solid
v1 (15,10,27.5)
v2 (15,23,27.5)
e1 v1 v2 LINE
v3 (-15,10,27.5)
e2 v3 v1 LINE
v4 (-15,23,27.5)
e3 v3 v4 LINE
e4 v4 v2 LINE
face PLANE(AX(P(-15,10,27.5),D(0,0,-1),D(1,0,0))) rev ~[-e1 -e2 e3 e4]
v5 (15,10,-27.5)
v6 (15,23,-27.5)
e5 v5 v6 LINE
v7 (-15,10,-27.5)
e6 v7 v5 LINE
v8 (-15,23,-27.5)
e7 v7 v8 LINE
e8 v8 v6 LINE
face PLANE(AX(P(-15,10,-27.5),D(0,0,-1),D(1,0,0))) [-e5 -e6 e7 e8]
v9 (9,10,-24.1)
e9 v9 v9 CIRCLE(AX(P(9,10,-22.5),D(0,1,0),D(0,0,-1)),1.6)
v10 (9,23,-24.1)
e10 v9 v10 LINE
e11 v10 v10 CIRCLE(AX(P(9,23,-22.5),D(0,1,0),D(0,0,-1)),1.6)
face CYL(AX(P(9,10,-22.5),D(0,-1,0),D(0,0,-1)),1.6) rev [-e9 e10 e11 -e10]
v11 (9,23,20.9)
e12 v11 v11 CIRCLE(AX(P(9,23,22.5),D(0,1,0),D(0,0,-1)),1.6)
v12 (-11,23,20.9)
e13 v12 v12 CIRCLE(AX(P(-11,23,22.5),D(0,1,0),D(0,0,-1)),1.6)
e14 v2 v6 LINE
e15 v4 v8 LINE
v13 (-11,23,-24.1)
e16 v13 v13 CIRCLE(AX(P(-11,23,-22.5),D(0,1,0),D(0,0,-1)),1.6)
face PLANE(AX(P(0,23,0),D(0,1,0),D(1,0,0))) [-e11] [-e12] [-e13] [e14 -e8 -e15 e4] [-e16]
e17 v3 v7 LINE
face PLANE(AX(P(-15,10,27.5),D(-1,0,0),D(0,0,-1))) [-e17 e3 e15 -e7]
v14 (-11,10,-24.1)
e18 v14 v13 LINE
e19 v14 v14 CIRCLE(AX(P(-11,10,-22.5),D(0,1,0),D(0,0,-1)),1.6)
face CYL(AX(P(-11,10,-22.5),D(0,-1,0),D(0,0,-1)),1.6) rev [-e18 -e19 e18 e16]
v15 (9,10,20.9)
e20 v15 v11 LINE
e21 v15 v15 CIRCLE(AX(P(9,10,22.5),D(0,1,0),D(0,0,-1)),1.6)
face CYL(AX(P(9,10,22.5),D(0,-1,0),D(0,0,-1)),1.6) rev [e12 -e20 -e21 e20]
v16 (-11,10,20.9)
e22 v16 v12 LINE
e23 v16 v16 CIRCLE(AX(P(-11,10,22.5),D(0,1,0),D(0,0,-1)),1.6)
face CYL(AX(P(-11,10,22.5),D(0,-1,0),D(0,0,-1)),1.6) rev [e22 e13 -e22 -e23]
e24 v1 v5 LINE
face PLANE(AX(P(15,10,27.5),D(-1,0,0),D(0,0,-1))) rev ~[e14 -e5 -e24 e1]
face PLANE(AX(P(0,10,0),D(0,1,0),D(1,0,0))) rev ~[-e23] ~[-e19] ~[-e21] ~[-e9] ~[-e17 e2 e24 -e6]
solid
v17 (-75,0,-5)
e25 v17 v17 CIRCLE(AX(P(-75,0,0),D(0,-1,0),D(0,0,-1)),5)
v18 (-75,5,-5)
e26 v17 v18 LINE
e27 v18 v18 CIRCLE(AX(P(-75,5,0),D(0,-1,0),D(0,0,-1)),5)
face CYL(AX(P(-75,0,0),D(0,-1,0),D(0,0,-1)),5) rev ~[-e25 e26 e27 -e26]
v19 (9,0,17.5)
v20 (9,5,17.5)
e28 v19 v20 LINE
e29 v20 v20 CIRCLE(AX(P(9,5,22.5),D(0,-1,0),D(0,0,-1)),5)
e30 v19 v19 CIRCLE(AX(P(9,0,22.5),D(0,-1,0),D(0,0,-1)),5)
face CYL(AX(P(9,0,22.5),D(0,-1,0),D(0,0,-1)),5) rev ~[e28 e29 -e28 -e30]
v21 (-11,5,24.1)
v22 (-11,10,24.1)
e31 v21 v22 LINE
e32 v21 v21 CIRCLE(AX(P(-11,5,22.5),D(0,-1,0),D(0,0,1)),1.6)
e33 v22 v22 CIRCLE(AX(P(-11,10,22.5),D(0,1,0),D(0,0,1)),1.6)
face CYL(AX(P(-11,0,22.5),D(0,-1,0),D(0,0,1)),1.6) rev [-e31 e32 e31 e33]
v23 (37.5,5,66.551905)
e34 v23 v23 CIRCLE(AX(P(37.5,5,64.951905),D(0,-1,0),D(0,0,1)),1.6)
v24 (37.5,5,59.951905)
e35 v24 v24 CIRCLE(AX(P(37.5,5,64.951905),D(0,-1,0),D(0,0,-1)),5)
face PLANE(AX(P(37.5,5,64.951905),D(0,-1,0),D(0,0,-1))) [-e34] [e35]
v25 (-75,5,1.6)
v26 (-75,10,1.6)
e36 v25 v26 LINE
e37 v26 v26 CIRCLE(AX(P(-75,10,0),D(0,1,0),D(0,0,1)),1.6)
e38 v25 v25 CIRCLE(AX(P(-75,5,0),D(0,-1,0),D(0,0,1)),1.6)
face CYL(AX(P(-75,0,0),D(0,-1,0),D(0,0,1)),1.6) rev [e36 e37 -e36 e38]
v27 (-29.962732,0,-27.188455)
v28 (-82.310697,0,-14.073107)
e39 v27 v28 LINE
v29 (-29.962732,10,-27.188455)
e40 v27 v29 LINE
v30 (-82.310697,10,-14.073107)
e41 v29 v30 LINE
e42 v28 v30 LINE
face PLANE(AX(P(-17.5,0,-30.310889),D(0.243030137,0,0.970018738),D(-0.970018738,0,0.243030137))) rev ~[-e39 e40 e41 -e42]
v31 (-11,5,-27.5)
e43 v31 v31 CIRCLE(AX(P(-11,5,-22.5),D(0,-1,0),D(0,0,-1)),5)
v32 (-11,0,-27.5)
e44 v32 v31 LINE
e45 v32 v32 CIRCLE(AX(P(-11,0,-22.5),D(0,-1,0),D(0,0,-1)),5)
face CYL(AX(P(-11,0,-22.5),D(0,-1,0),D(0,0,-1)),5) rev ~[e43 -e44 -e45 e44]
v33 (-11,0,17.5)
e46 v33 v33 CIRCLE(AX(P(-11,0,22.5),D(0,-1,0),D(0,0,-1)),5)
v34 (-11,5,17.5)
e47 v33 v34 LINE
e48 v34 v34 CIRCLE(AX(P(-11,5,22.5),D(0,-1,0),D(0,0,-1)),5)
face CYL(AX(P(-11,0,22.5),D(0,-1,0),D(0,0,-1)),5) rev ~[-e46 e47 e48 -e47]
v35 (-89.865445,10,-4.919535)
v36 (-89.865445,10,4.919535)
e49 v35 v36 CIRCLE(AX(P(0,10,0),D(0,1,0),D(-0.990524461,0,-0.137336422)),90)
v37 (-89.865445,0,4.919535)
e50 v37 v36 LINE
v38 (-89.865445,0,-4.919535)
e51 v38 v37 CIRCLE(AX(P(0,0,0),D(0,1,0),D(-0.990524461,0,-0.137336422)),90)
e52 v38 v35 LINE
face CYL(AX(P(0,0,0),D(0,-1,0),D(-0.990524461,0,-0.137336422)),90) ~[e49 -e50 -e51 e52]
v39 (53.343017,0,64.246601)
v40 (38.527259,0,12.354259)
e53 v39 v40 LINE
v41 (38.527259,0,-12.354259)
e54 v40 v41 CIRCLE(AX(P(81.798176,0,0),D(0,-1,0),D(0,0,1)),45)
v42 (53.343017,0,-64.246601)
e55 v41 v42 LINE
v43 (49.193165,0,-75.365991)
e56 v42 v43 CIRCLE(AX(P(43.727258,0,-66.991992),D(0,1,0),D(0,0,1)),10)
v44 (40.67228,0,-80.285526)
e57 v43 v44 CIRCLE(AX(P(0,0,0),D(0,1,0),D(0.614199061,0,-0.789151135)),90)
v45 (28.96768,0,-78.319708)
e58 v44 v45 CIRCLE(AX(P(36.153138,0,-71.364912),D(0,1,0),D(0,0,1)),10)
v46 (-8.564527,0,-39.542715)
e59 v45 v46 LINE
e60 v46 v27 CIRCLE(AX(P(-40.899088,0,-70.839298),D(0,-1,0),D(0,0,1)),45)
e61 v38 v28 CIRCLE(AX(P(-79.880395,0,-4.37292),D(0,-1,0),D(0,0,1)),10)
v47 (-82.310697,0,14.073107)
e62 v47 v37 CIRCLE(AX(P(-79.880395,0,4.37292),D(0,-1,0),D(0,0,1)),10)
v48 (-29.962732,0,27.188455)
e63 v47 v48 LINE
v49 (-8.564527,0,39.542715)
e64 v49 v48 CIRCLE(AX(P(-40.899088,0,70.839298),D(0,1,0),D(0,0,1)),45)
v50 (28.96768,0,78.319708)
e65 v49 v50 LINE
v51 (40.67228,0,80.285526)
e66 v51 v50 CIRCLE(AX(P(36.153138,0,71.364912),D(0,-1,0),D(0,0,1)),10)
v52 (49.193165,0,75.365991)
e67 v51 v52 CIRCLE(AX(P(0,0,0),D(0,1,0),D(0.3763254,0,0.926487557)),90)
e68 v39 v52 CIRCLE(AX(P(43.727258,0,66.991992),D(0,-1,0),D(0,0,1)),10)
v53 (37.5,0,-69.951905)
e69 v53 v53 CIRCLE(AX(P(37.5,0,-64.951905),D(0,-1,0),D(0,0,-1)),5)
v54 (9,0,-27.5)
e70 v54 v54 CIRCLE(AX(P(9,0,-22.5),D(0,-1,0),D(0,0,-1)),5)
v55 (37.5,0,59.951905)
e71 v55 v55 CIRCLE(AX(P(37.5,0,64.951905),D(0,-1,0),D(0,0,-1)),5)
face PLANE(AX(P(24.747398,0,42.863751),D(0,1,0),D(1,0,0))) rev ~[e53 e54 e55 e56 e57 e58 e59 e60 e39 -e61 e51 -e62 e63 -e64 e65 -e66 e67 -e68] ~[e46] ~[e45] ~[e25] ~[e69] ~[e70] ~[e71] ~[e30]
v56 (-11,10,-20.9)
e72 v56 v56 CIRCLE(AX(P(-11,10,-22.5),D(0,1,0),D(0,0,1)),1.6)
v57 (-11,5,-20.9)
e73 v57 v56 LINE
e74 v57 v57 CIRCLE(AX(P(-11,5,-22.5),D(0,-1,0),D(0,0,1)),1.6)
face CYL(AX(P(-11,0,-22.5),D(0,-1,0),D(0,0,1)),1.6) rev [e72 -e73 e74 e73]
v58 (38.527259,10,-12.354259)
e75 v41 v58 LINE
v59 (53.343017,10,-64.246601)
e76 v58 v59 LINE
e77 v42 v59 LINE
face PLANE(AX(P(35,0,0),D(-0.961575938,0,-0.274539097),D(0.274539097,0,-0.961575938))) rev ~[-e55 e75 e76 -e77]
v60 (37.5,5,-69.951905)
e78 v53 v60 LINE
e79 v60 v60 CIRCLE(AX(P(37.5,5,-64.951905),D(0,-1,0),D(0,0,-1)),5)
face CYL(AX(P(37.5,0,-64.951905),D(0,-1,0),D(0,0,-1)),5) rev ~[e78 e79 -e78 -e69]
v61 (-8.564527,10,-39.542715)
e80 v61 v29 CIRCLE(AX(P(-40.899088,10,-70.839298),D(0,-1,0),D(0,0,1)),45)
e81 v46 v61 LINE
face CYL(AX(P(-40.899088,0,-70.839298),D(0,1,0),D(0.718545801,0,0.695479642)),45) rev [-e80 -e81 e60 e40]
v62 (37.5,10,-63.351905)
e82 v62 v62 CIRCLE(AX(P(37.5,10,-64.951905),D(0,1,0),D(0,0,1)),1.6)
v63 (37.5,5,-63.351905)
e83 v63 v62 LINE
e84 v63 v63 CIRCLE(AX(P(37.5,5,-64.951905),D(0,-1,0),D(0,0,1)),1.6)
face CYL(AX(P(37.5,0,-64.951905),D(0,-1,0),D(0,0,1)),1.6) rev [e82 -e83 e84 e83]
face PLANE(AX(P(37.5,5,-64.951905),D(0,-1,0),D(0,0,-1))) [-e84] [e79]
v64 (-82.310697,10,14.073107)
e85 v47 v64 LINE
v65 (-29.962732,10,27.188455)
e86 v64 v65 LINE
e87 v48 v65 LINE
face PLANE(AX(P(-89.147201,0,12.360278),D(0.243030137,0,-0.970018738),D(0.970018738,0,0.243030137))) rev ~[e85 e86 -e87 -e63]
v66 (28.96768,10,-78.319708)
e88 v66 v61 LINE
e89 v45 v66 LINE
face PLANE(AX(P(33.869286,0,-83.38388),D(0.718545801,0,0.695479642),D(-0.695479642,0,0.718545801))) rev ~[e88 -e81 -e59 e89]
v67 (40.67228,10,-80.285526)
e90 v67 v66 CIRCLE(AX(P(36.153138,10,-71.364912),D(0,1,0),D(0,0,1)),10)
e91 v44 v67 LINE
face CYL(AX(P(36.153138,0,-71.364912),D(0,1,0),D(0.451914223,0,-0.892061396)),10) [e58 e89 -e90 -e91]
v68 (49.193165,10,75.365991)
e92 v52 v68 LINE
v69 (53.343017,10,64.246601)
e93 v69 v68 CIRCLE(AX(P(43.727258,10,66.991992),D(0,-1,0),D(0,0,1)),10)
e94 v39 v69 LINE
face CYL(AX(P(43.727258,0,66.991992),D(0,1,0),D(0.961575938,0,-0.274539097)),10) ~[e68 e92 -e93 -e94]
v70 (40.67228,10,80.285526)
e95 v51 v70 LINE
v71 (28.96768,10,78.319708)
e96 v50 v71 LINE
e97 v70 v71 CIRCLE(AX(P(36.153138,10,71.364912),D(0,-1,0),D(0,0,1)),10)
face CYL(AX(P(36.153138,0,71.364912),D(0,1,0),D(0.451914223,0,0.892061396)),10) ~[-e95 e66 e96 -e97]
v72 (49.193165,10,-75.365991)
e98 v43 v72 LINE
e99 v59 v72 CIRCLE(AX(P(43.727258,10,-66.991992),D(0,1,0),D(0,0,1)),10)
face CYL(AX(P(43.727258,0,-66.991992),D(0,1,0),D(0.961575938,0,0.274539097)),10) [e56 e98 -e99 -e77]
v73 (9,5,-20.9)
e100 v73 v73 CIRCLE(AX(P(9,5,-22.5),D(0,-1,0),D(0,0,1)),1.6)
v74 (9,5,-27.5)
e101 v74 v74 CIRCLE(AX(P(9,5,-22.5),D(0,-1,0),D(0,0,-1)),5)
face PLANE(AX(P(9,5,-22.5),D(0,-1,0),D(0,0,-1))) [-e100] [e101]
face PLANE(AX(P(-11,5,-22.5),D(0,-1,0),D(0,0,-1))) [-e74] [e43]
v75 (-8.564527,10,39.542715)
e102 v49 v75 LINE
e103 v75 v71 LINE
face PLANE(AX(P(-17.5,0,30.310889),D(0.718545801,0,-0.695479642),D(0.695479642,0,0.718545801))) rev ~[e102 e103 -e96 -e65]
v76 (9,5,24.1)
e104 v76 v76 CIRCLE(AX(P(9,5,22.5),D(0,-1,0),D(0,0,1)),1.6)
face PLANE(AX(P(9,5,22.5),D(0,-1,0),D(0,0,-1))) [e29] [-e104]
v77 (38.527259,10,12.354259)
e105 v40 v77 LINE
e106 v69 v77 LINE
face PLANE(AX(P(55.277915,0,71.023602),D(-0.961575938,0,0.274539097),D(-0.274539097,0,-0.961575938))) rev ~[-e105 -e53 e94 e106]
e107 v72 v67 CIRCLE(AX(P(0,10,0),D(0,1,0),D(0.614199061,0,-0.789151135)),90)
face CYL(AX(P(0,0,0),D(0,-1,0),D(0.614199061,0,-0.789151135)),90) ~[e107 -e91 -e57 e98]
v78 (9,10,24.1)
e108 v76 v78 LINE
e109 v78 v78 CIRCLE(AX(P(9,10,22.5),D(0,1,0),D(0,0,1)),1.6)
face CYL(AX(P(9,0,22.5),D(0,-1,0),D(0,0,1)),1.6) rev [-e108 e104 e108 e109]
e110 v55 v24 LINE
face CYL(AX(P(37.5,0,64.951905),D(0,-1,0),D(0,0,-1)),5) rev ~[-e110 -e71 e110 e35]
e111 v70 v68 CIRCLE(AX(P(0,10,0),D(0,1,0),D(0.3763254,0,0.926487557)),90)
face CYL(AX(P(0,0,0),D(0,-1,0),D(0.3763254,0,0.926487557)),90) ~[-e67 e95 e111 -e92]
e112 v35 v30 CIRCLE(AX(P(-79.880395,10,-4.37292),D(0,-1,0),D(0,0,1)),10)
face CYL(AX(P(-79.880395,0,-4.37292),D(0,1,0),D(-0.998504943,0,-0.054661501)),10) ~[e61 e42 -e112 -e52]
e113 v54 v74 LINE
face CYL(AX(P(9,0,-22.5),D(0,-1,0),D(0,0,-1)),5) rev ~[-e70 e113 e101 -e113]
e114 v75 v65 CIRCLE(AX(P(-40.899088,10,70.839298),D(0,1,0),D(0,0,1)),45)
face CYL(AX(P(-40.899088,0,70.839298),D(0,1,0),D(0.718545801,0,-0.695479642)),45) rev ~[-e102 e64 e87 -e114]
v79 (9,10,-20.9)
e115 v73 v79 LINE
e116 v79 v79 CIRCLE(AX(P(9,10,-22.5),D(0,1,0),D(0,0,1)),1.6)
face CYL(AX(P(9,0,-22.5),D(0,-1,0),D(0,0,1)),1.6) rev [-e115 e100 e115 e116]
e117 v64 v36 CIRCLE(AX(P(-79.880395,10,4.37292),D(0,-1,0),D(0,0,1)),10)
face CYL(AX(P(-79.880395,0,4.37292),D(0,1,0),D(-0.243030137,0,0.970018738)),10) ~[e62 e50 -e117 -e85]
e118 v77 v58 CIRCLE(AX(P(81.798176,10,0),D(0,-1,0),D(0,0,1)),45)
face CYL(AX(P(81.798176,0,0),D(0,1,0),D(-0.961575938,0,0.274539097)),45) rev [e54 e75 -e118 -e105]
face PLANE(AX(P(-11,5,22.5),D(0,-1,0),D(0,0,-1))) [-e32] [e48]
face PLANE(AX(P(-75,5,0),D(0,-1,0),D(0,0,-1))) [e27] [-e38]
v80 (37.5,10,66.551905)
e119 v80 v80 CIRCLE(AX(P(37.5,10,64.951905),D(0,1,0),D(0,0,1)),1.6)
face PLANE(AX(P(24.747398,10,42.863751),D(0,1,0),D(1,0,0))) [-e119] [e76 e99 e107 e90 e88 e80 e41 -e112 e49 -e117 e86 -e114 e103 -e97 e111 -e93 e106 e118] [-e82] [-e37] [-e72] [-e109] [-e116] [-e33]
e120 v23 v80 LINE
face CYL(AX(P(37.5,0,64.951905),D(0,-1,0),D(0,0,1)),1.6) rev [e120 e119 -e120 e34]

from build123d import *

# Parameters (mm, degrees)
SKETCH1_R           = 1.6
BOSS_EXTRUDE1_DEPTH = 10
FILLET1_R           = 10
FILLET2_R           = 45
SKETCH3_W           = 30
SKETCH3_H           = 55
SKETCH3_R           = 1.6
BOSS_EXTRUDE3_DEPTH = 13
SKETCH4_R           = 5
CUT_EXTRUDE1_DEPTH  = 5


with BuildPart() as part:
    # Sketch1 → Boss-Extrude1 (new body)
    # profile 1 of 7: a face of its own
    with BuildSketch(Plane(origin=(0, 0, 0), x_dir=(1, 0, 0), z_dir=(0, 1, 0))):
        with BuildLine():
            Line((-17.5, 30.310889132), (-89.147201462, 12.360277968))
            ThreePointArc((-89.147201462, 12.360277968), (-90, 0), (-89.147201462, -12.360277968))
            Line((-89.147201462, -12.360277968), (-17.5, -30.310889132))
            ThreePointArc((-17.5, -30.310889132), (-35, 0), (-17.5, 30.310889132))
        make_face()
        with Locations(Location((-75, 0, 0), (0, 0, 270))):
            Circle(SKETCH1_R, mode=Mode.SUBTRACT)
    # profile 2 of 7: a face of its own
    with BuildSketch(Plane(origin=(0, 0, 0), x_dir=(1, 0, 0), z_dir=(0, 1, 0))):
        Polygon((-17.5, 30.310889132), (-17.5, -30.310889132), (35, 0), align=None)
        with Locations(Location((-11, -22.5, 0), (0, 0, 270))):
            Circle(SKETCH1_R, mode=Mode.SUBTRACT)
        with Locations(Location((-11, 22.5, 0), (0, 0, 270))):
            Circle(SKETCH1_R, mode=Mode.SUBTRACT)
    # profile 3 of 7: a face of its own
    with BuildSketch(Plane(origin=(0, 0, 0), x_dir=(1, 0, 0), z_dir=(0, 1, 0))):
        with BuildLine():
            Line((-17.5, -30.310889132), (-17.5, 30.310889132))
            ThreePointArc((-17.5, 30.310889132), (-35, 0), (-17.5, -30.310889132))
        make_face()
    # profile 4 of 7: a face of its own
    with BuildSketch(Plane(origin=(0, 0, 0), x_dir=(1, 0, 0), z_dir=(0, 1, 0))):
        with BuildLine():
            ThreePointArc((35, 0), (17.5, 30.310889132), (-17.5, 30.310889132))
            Line((-17.5, 30.310889132), (35, 0))
        make_face()
        with Locations(Location((9, 22.5, 0), (0, 0, 270))):
            Circle(SKETCH1_R, mode=Mode.SUBTRACT)
    # profile 5 of 7: a face of its own
    with BuildSketch(Plane(origin=(0, 0, 0), x_dir=(1, 0, 0), z_dir=(0, 1, 0))):
        with BuildLine():
            Line((33.869286013, 83.383880127), (-17.5, 30.310889132))
            ThreePointArc((-17.5, 30.310889132), (17.5, 30.310889132), (35, 0))
            Line((35, 0), (55.277915449, 71.023602159))
            ThreePointArc((55.277915449, 71.023602159), (45, 77.942286341), (33.869286013, 83.383880127))
        make_face()
        with Locations(Location((37.5, 64.951905284, 0), (0, 0, 270))):
            Circle(SKETCH1_R, mode=Mode.SUBTRACT)
    # profile 6 of 7: a face of its own
    with BuildSketch(Plane(origin=(0, 0, 0), x_dir=(1, 0, 0), z_dir=(0, 1, 0))):
        with BuildLine():
            Line((35, 0), (-17.5, -30.310889132))
            ThreePointArc((-17.5, -30.310889132), (17.5, -30.310889132), (35, 0))
        make_face()
        with Locations(Location((9, -22.5, 0), (0, 0, 270))):
            Circle(SKETCH1_R, mode=Mode.SUBTRACT)
    # profile 7 of 7: a face of its own
    with BuildSketch(Plane(origin=(0, 0, 0), x_dir=(1, 0, 0), z_dir=(0, 1, 0))):
        with BuildLine():
            ThreePointArc((35, 0), (17.5, -30.310889132), (-17.5, -30.310889132))
            Line((-17.5, -30.310889132), (33.869286013, -83.383880127))
            ThreePointArc((33.869286013, -83.383880127), (45, -77.942286341), (55.277915449, -71.023602159))
            Line((55.277915449, -71.023602159), (35, 0))
        make_face()
        with Locations(Location((37.5, -64.951905284, 0), (0, 0, 270))):
            Circle(SKETCH1_R, mode=Mode.SUBTRACT)
    extrude(amount=BOSS_EXTRUDE1_DEPTH)

    # Fillet1
    fillet1_edges = [part.edges().sort_by_distance(p)[0] for p in [
        (-89.147201462, 5, 12.360277968),
        (-89.147201462, 5, -12.360277968),
        (33.869286013, 5, -83.383880127),
        (55.277915449, 5, -71.023602159),
        (55.277915449, 5, 71.023602159),
        (33.869286013, 5, 83.383880127),
    ]]
    fillet(fillet1_edges, radius=FILLET1_R)

    # Fillet2
    fillet2_edges = [part.edges().sort_by_distance(p)[0] for p in [
        (-17.5, 5, -30.310889132),
        (35, 5, 0),
        (-17.5, 5, 30.310889132),
    ]]
    fillet(fillet2_edges, radius=FILLET2_R)

    # Sketch4 → Cut-Extrude1 (cut)
    with BuildSketch(Plane.XZ):
        with Locations(Location((-11, 22.5, 0), (0, 0, 270))):
            Circle(SKETCH4_R)
        with Locations(Location((9, 22.5, 0), (0, 0, 270))):
            Circle(SKETCH4_R)
        with Locations(Location((9, -22.5, 0), (0, 0, 270))):
            Circle(SKETCH4_R)
        with Locations(Location((-11, -22.5, 0), (0, 0, 270))):
            Circle(SKETCH4_R)
        with Locations(Location((-75, 0, 0), (0, 0, 270))):
            Circle(SKETCH4_R)
        with Locations(Location((37.5, -64.951905284, 0), (0, 0, 270))):
            Circle(SKETCH4_R)
        with Locations(Location((37.5, 64.951905284, 0), (0, 0, 270))):
            Circle(SKETCH4_R)
    extrude(amount=-CUT_EXTRUDE1_DEPTH, mode=Mode.SUBTRACT)


with BuildPart() as body_2:
    # Sketch3 → Boss-Extrude3 (new body)
    with BuildSketch(Plane(origin=(0, 10, 0), x_dir=(1, 0, 0), z_dir=(0, 1, 0))):
        Rectangle(SKETCH3_W, SKETCH3_H)
        with Locations(Location((-11, 22.5, 0), (0, 0, 90))):
            Circle(SKETCH3_R, mode=Mode.SUBTRACT)
        with Locations(Location((9, 22.5, 0), (0, 0, 90))):
            Circle(SKETCH3_R, mode=Mode.SUBTRACT)
        with Locations(Location((-11, -22.5, 0), (0, 0, 90))):
            Circle(SKETCH3_R, mode=Mode.SUBTRACT)
        with Locations(Location((9, -22.5, 0), (0, 0, 90))):
            Circle(SKETCH3_R, mode=Mode.SUBTRACT)
    extrude(amount=BOSS_EXTRUDE3_DEPTH)


solid = Compound([part.part, body_2.part])
